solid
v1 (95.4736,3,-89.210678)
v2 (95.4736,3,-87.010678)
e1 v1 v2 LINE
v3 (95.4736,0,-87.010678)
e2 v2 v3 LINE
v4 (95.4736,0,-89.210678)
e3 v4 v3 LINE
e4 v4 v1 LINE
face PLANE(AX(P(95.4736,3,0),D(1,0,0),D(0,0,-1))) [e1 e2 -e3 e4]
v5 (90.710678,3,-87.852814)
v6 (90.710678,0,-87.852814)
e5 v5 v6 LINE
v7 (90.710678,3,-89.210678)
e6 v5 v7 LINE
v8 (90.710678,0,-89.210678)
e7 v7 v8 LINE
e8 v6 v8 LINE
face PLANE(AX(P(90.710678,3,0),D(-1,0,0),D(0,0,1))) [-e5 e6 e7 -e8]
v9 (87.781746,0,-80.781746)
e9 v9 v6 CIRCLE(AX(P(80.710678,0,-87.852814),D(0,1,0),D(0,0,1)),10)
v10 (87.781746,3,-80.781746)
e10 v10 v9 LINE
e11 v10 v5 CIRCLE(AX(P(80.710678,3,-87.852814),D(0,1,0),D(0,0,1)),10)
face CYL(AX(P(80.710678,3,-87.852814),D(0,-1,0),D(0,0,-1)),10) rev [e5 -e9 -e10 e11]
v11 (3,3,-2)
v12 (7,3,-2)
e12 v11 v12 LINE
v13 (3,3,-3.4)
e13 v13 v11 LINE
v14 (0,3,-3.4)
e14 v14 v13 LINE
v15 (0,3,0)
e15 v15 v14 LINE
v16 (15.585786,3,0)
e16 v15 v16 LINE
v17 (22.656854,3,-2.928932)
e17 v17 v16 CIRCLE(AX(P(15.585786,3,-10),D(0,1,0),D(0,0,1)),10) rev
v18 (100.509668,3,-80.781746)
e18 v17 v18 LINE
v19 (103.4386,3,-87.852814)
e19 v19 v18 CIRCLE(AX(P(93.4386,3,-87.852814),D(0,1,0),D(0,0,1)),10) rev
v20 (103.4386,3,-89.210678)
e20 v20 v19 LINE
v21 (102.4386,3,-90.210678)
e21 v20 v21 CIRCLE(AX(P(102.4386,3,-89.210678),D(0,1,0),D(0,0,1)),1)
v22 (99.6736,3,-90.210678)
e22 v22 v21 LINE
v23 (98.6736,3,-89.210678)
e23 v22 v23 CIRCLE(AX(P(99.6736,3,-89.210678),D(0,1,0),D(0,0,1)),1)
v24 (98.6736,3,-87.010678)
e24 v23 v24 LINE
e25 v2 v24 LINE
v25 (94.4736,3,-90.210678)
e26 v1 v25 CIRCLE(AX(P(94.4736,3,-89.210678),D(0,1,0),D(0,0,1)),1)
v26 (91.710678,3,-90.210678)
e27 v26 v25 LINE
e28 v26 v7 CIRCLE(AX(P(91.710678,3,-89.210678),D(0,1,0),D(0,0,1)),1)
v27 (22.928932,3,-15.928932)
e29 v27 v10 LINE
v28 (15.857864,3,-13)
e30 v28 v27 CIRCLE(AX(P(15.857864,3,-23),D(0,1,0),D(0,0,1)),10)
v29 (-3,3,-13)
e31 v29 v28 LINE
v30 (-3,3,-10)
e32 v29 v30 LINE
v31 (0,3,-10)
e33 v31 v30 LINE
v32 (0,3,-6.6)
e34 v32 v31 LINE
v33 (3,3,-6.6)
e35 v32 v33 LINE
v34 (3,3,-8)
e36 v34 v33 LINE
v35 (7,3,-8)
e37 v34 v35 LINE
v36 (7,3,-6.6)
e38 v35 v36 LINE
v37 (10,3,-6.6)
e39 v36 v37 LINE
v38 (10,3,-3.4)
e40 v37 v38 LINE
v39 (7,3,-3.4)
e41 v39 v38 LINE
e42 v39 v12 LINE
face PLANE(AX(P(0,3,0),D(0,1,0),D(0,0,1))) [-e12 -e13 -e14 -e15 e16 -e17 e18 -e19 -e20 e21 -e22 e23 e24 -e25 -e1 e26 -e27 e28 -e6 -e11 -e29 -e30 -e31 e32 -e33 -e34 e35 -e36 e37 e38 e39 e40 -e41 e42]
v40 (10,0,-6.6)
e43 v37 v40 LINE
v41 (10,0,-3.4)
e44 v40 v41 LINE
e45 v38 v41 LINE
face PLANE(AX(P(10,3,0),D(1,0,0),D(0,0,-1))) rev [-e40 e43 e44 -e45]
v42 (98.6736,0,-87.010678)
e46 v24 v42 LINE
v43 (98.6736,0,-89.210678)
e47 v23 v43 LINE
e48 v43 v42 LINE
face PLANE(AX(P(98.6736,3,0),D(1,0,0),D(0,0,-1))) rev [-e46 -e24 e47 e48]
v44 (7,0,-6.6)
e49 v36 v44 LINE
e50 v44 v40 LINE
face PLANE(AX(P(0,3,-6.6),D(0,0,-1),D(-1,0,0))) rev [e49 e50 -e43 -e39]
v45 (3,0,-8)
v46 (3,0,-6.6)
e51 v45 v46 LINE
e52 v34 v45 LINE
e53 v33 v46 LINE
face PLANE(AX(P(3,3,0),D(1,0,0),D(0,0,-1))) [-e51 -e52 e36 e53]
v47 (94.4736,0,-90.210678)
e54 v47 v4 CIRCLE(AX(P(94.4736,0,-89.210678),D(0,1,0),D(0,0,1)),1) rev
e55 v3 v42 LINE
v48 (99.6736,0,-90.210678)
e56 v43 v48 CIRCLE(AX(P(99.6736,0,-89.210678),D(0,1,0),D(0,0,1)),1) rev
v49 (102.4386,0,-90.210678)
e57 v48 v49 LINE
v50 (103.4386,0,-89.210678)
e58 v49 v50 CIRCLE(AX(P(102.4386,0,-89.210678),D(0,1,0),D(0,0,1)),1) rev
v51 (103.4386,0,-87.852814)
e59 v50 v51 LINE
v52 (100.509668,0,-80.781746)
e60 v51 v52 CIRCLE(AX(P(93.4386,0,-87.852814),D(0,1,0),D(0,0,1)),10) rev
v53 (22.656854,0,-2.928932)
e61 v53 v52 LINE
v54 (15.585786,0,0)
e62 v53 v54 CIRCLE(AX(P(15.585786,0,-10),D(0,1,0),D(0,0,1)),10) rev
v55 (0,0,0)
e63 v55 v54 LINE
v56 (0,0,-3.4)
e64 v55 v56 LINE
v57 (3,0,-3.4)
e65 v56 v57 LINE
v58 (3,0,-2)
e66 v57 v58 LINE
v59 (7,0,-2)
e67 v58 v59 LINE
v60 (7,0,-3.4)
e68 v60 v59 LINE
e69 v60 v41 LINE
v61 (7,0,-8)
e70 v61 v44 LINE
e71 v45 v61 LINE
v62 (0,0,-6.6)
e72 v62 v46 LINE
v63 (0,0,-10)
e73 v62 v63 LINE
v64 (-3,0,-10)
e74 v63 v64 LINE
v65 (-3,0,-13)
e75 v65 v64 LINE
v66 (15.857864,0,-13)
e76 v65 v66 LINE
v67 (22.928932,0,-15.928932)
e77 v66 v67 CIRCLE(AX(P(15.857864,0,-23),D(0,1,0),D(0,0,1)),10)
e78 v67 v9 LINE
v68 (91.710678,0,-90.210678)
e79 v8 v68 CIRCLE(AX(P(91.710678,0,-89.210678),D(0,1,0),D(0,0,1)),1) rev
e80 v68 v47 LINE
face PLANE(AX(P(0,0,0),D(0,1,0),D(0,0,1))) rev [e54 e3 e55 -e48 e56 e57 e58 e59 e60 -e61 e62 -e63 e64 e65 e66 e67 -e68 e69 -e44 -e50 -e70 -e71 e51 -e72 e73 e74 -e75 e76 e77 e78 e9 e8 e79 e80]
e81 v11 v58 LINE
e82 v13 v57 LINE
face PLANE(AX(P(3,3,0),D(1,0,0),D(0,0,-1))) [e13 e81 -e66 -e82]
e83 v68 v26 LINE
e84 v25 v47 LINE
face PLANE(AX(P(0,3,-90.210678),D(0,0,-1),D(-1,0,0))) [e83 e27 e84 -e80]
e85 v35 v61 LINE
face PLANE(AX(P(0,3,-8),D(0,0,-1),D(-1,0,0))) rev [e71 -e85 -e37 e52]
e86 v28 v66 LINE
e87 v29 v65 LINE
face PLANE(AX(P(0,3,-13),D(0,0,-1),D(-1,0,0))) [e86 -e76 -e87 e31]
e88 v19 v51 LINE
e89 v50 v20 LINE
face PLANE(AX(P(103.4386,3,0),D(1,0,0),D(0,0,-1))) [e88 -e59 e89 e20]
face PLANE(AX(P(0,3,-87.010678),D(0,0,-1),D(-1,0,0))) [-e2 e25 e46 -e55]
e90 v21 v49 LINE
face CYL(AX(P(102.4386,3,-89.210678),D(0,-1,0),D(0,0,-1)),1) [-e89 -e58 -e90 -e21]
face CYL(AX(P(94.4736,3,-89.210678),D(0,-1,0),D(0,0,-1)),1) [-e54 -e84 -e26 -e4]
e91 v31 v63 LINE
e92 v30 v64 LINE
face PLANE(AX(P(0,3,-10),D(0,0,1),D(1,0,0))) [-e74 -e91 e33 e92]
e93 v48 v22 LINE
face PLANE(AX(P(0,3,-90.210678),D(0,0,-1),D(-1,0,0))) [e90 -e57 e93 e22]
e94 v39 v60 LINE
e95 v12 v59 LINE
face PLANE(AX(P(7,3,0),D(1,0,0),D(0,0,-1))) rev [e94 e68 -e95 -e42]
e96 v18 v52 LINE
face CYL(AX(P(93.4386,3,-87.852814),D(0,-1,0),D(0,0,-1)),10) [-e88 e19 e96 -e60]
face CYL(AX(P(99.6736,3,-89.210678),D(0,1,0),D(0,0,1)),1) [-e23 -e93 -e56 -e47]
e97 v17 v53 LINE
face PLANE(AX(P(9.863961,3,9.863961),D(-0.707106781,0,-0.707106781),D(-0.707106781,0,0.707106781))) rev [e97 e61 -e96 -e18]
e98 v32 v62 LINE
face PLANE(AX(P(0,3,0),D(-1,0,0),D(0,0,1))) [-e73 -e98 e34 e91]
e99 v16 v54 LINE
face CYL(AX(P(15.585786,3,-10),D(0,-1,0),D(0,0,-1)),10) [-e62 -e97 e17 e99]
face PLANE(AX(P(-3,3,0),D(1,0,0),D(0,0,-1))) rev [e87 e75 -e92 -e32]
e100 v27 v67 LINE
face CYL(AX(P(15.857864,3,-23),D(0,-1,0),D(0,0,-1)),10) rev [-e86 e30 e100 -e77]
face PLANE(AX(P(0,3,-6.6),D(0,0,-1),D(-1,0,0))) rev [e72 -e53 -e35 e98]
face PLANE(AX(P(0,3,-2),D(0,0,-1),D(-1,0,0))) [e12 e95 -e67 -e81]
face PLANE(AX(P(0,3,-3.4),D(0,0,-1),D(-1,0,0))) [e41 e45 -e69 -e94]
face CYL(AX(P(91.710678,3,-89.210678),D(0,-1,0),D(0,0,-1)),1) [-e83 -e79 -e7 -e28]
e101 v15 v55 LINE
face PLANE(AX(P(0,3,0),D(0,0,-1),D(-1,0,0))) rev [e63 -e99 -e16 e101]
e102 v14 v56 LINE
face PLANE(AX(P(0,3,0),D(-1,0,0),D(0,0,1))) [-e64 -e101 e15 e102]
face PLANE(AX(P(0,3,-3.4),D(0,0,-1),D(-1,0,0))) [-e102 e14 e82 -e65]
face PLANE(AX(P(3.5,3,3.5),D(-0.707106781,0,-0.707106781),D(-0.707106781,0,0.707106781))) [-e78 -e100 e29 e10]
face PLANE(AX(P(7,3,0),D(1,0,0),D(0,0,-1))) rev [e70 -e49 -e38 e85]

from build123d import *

# Parameters (mm, degrees)
SALIENTE_EXTRUIR1_DEPTH = 3
REDONDEO1_R             = 1


with BuildPart() as part:
    # Croquis1 → Saliente-Extruir1 (new body)
    with BuildSketch(Plane(origin=(0, 0, 0), x_dir=(1, 0, 0), z_dir=(0, 1, 0))):
        with BuildLine():
            Line((10, 3.4), (7, 3.4))
            Line((7, 3.4), (7, 2))
            Line((7, 2), (3, 2))
            Line((3, 2), (3, 3.4))
            Line((3, 3.4), (0, 3.4))
            Line((0, 3.4), (0, 0))
            Line((0, 0), (15.585786438, 0))
            ThreePointArc((15.585786438, 0), (19.412620761, 0.761204675), (22.656854249, 2.928932188))
            Line((22.656854249, 2.928932188), (100.509667992, 80.781745931))
            ThreePointArc((100.509667992, 80.781745931), (102.677395505, 84.025979419), (103.43860018, 87.852813742))
            Line((103.43860018, 87.852813742), (103.43860018, 90.210678119))
            Line((103.43860018, 90.210678119), (98.67360018, 90.210678119))
            Line((98.67360018, 90.210678119), (98.67360018, 87.010678119))
            Line((98.67360018, 87.010678119), (95.47360018, 87.010678119))
            Line((95.47360018, 87.010678119), (95.47360018, 90.210678119))
            Line((95.47360018, 90.210678119), (90.710678119, 90.210678119))
            Line((90.710678119, 90.210678119), (90.710678119, 87.852813742))
            ThreePointArc((90.710678119, 87.852813742), (89.949473444, 84.025979419), (87.781745931, 80.781745931))
            Line((87.781745931, 80.781745931), (22.928932188, 15.928932188))
            ThreePointArc((22.928932188, 15.928932188), (19.6846987, 13.761204675), (15.857864376, 13))
            Line((15.857864376, 13), (-3, 13))
            Line((-3, 13), (-3, 10))
            Line((-3, 10), (0, 10))
            Line((0, 10), (0, 6.6))
            Line((0, 6.6), (3, 6.6))
            Line((3, 6.6), (3, 8))
            Line((3, 8), (7, 8))
            Line((7, 8), (7, 6.6))
            Line((7, 6.6), (10, 6.6))
            Line((10, 6.6), (10, 3.4))
        make_face()
    extrude(amount=SALIENTE_EXTRUIR1_DEPTH)

    # Redondeo1
    redondeo1_edges = [part.edges().sort_by_distance(p)[0] for p in [
        (90.710678119, 1.5, -90.210678119),
        (95.47360018, 1.5, -90.210678119),
        (98.67360018, 1.5, -90.210678119),
        (103.43860018, 1.5, -90.210678119),
    ]]
    fillet(redondeo1_edges, radius=REDONDEO1_R)


solid = part.part
